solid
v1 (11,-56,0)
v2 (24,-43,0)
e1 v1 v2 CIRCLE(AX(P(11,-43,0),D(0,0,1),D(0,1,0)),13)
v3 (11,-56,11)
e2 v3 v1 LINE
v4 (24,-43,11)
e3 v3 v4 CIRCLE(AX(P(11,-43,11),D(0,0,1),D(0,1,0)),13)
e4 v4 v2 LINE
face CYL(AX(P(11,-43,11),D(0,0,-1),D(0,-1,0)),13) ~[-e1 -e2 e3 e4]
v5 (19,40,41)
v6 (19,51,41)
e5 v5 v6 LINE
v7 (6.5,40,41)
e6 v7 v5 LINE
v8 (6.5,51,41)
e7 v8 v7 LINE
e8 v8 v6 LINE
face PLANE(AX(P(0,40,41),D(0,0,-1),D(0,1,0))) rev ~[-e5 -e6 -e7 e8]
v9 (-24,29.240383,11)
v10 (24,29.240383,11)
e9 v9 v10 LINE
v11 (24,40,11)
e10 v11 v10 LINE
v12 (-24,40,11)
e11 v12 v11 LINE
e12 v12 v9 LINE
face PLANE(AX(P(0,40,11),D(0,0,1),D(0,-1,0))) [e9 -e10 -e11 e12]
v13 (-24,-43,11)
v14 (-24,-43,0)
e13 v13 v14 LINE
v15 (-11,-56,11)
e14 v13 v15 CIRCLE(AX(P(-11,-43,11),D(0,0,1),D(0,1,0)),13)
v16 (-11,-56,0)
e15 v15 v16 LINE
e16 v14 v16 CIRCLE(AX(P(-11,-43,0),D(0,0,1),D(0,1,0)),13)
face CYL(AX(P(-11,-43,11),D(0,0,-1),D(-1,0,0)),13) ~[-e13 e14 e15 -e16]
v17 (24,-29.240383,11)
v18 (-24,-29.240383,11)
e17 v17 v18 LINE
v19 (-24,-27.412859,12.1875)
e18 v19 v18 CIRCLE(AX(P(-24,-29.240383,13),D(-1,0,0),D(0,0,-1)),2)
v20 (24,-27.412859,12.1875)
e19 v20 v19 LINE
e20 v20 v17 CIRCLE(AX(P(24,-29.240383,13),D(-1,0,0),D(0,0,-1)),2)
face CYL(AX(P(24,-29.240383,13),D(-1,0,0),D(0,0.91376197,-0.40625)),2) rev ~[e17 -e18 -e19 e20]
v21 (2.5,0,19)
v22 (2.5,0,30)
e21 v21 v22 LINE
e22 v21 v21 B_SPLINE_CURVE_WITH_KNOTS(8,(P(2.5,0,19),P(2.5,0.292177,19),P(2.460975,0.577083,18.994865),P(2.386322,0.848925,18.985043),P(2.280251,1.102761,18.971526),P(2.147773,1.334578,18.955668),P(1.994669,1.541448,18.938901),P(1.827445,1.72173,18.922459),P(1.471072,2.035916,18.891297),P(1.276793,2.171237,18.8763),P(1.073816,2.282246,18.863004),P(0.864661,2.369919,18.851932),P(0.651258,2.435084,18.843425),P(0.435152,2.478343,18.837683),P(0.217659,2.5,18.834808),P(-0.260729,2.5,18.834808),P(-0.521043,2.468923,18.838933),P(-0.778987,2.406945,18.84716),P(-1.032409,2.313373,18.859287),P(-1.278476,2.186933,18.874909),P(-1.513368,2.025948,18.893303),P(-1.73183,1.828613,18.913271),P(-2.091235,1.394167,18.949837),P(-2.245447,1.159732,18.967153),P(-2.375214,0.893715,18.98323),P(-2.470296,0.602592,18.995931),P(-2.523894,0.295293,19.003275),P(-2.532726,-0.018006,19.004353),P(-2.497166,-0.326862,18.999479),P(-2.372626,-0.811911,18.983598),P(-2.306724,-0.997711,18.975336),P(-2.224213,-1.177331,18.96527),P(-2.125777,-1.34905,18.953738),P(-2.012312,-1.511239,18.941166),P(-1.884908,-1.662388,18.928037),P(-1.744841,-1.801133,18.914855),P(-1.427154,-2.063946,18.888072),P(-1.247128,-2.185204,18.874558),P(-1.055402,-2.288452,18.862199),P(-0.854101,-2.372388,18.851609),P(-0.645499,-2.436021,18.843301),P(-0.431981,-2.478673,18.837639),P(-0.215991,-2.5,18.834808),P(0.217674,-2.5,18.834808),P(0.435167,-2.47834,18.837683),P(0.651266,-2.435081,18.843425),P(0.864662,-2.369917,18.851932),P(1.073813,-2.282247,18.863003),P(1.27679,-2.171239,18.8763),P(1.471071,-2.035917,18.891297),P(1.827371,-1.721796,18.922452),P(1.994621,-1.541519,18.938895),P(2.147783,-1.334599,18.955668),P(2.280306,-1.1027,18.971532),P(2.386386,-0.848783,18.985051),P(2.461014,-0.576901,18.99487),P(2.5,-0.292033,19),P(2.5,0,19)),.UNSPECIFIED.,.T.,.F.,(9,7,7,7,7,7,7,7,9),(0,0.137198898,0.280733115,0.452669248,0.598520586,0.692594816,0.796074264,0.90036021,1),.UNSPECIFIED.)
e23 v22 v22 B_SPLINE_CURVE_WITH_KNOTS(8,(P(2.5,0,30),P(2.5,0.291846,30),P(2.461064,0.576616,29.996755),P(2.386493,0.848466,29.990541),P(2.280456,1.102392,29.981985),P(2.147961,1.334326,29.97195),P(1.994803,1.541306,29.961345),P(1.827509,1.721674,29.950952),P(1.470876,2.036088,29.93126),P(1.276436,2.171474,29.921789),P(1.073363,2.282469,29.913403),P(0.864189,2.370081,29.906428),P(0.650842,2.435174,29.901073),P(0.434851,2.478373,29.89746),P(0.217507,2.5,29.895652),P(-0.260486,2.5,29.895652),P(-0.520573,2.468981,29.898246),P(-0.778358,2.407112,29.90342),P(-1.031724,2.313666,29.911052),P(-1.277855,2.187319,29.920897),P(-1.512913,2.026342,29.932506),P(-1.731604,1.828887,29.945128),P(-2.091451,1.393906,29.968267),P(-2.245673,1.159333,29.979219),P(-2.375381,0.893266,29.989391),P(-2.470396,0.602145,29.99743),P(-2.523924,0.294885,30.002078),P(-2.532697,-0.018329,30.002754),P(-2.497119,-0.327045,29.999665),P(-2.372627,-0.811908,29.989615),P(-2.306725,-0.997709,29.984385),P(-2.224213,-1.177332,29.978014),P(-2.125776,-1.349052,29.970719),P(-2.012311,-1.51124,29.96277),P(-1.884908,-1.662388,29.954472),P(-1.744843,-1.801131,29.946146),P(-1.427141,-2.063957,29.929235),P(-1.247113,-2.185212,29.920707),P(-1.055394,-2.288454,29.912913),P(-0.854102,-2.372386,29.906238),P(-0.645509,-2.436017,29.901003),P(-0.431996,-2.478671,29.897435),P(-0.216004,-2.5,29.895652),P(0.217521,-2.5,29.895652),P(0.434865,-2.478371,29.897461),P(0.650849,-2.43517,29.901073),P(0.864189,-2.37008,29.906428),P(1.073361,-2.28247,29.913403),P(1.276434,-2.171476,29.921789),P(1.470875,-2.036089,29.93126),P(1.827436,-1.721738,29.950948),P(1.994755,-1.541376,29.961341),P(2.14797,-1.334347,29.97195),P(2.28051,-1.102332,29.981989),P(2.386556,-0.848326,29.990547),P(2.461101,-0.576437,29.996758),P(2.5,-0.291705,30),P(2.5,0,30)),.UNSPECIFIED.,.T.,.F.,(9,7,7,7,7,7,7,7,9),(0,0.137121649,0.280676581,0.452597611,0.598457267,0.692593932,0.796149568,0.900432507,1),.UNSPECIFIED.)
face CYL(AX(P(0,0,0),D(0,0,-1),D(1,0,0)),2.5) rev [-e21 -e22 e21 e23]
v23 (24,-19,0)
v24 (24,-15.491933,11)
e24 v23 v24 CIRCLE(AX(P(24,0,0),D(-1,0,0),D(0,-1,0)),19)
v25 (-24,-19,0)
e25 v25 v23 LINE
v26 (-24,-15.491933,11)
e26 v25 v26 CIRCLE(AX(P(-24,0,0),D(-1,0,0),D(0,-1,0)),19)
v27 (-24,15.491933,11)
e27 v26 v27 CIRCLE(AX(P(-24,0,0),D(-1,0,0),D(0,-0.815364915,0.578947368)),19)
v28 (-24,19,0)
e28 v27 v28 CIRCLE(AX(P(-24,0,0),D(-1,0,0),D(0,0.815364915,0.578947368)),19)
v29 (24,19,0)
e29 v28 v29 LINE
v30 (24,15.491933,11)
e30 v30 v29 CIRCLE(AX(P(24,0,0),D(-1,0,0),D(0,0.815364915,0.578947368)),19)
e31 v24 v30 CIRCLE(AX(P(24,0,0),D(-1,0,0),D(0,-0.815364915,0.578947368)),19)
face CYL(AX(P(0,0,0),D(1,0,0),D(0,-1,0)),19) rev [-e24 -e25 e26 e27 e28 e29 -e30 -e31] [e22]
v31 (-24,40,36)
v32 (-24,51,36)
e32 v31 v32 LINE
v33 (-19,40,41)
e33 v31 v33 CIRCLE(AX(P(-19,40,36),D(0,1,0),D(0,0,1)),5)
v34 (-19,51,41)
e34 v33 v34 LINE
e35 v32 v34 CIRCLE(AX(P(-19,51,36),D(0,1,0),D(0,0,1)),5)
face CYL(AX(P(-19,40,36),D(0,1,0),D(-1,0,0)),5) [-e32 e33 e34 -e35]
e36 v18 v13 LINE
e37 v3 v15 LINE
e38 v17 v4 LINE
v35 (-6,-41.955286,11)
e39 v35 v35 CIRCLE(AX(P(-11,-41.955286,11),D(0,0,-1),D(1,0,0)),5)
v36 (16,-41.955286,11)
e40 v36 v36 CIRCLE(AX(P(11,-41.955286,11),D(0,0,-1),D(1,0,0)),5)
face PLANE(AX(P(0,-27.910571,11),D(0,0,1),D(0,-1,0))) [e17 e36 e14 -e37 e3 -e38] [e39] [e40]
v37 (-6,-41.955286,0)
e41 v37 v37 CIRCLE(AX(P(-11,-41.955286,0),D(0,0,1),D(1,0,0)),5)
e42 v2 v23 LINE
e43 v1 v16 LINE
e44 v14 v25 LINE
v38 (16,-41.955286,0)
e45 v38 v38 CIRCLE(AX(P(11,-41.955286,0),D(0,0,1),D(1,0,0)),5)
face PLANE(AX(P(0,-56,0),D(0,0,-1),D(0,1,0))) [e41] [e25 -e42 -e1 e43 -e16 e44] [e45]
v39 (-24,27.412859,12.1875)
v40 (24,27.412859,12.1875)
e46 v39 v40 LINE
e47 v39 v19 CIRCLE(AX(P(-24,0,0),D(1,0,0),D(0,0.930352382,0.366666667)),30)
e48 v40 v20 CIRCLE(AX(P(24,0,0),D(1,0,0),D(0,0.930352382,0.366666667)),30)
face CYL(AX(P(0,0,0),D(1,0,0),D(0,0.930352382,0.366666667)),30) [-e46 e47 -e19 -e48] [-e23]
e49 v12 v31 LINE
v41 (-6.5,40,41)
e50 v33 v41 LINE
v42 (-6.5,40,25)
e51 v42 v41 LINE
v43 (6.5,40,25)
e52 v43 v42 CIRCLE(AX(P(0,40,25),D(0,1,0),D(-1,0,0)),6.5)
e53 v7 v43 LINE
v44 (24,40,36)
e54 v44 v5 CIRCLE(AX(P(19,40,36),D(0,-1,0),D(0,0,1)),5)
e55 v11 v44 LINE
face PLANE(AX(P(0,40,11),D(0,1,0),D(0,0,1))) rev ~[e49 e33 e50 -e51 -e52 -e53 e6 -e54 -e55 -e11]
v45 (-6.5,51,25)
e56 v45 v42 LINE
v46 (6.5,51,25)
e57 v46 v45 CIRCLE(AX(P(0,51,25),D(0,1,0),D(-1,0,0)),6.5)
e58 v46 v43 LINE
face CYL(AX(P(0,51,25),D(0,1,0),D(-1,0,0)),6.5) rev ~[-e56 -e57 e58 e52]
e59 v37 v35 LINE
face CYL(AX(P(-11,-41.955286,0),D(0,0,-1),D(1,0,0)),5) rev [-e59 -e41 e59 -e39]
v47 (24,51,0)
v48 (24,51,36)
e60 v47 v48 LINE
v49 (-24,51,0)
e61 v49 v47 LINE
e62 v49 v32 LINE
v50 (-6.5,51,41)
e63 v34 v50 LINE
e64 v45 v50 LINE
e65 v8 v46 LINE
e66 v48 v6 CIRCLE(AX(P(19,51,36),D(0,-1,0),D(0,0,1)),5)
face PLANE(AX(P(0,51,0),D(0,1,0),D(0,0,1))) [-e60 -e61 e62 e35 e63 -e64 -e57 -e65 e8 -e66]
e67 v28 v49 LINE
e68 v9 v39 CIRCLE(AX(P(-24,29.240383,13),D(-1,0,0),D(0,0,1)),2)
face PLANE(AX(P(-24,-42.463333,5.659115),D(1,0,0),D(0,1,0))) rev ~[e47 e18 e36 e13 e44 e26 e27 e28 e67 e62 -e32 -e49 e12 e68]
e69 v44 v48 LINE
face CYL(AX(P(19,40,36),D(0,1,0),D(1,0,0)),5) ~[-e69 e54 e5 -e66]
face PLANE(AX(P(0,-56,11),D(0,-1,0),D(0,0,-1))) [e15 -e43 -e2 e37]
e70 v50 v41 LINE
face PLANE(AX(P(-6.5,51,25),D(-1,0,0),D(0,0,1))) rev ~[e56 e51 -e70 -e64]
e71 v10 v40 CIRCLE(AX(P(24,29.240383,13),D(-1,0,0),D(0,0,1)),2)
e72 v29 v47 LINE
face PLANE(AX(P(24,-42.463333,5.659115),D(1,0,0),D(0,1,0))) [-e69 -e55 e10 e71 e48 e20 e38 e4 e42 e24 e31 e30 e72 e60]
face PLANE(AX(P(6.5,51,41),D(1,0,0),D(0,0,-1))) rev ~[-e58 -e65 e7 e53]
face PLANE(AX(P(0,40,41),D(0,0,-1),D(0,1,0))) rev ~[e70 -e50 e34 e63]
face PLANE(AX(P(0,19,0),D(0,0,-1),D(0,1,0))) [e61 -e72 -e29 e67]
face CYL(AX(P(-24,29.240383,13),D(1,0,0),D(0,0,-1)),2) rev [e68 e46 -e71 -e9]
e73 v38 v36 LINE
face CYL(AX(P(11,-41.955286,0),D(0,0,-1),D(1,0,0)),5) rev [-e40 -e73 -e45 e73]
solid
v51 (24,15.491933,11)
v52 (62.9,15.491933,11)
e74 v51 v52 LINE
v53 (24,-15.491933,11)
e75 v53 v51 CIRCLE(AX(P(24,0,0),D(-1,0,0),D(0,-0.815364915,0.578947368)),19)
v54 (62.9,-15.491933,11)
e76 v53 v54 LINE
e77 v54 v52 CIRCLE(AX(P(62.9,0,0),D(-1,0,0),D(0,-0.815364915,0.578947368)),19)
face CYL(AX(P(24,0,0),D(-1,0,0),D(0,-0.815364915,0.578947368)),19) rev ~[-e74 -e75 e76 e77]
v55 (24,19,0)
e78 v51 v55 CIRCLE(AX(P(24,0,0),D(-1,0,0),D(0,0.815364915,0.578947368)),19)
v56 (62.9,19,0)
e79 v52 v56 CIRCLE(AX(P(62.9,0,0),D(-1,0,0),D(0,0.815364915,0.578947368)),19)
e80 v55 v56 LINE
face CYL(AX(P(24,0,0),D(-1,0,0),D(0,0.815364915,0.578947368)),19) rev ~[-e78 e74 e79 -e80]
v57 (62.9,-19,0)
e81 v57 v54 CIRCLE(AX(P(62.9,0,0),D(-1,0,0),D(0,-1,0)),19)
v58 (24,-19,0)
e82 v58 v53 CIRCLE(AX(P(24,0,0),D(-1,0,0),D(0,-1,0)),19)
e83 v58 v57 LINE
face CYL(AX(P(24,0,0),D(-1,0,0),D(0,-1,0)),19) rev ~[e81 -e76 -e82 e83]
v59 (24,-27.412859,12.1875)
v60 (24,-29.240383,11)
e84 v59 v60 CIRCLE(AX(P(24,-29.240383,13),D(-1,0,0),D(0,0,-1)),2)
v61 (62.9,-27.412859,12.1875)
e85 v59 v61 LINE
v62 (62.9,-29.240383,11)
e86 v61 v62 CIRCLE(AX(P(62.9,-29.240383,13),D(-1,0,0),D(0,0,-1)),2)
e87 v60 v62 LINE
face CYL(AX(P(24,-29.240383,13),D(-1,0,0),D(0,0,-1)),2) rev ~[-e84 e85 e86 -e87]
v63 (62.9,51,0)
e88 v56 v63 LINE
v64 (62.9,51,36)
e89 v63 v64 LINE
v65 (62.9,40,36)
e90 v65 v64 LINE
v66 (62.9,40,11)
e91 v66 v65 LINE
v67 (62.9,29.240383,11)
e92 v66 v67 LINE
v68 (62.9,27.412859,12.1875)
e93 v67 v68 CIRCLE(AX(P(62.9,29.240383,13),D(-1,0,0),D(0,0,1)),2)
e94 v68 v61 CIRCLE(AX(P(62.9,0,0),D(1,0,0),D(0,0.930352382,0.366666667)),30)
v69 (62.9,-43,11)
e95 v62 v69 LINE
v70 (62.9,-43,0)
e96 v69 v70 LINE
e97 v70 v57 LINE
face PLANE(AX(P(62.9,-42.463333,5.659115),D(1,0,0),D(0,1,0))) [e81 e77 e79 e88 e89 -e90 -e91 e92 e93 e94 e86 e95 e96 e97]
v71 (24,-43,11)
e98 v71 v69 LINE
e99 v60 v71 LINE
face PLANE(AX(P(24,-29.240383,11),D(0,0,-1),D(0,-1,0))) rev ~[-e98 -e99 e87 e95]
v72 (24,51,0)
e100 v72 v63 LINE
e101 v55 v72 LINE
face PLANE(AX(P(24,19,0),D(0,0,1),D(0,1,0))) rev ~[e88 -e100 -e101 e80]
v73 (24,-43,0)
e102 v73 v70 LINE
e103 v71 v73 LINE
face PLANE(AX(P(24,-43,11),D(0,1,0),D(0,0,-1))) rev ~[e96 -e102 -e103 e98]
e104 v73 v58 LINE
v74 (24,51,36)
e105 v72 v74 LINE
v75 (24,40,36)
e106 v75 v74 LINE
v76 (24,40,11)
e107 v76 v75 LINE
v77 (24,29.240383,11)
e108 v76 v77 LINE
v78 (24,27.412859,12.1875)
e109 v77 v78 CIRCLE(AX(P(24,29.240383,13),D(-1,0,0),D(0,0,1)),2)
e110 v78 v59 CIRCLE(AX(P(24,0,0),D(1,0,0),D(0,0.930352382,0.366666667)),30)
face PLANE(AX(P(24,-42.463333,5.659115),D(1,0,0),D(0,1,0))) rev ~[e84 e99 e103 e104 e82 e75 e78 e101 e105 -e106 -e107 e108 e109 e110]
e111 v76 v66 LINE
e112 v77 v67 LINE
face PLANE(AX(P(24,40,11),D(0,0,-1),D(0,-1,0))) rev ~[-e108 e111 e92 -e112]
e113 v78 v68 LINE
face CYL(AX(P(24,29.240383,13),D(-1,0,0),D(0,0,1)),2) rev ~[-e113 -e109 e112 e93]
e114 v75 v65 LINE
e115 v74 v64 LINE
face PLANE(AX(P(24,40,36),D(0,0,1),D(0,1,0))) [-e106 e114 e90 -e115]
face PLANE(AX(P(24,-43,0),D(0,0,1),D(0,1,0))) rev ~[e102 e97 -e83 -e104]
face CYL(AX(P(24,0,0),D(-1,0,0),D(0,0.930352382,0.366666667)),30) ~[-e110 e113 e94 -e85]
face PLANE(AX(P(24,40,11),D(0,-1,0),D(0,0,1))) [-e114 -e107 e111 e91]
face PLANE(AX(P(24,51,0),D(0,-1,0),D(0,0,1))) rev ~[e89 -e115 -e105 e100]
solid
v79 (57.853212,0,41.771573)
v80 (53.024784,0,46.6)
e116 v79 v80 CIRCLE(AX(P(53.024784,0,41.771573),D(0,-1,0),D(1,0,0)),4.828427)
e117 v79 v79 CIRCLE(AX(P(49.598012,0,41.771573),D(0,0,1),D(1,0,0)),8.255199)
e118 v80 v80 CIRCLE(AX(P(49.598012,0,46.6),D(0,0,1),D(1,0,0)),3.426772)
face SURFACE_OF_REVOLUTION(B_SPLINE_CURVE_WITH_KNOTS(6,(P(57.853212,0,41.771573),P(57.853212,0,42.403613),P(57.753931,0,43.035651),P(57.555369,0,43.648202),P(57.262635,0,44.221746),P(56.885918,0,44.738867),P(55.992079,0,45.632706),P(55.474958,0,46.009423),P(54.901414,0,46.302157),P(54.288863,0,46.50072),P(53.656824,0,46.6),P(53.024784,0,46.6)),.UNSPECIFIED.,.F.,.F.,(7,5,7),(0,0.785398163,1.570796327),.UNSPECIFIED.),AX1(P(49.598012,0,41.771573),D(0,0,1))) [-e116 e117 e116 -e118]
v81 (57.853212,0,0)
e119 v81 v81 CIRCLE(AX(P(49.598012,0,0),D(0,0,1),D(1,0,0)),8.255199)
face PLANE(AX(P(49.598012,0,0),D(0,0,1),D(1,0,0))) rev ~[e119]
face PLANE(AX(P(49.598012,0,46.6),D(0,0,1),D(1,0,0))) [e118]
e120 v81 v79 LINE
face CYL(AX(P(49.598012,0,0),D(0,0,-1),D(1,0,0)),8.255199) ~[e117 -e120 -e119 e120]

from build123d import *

# Parameters (mm, degrees)
F0_W      = 11
F0_H      = 30
F1_DEPTH  = 24
F3_DEPTH  = 11
F4_R      = 2.5
F4_R_2    = 5
F5_DEPTH  = 41.001
F6_R      = 13
F7_R      = 5
F8_R      = 2
F9_R      = 8.2551994861
F10_DEPTH = 46.6
F11_R     = 4.8284271247
F12_DEPTH = 38.9


with BuildPart() as f1:
    # F0 (on Right) → F1 (new body, symmetric)
    with BuildSketch(Plane.YZ):
        with BuildLine():
            Line((-56, 0), (-30, 0))
            ThreePointArc((-30, 0), (-29.4730143031, 5.5983415304), (-27.9105714739, 11))
            Line((-27.9105714739, 11), (-56, 11))
            Line((-56, 11), (-56, 0))
        make_face()
        with BuildLine():
            Line((-30, 0), (-19, 0))
            ThreePointArc((-19, 0), (-18.1017503893, 5.7729223833), (-15.4919333848, 11))
            Line((-15.4919333848, 11), (-27.9105714739, 11))
            ThreePointArc((-27.9105714739, 11), (-29.4730143031, 5.5983415304), (-30, 0))
        make_face()
        with BuildLine():
            ThreePointArc((15.4919333848, 11), (18.1017503893, 5.7729223833), (19, 0))
            Line((19, 0), (30, 0))
            ThreePointArc((30, 0), (29.4730143031, 5.5983415304), (27.9105714739, 11))
            Line((27.9105714739, 11), (15.4919333848, 11))
        make_face()
        with BuildLine():
            ThreePointArc((-15.4919333848, 11), (0, 19), (15.4919333848, 11))
            Line((15.4919333848, 11), (27.9105714739, 11))
            ThreePointArc((27.9105714739, 11), (0, 30), (-27.9105714739, 11))
            Line((-27.9105714739, 11), (-15.4919333848, 11))
        make_face()
        with BuildLine():
            ThreePointArc((27.9105714739, 11), (29.4730143031, 5.5983415304), (30, 0))
            Line((30, 0), (51, 0))
            Line((51, 0), (51, 11))
            Line((51, 11), (40, 11))
            Line((40, 11), (27.9105714739, 11))
        make_face()
        with Locations((45.5, 26)):
            Rectangle(F0_W, F0_H)
    extrude(amount=F1_DEPTH, both=True)

    # F2 (on face) → F3 (cut, through all)
    with BuildSketch(Plane(origin=(0, 51, 0), x_dir=(-1, 0, 0), z_dir=(0, 1, 0))):
        with BuildLine():
            ThreePointArc((-6.5, 25), (0, 18.5), (6.5, 25))
            ThreePointArc((6.5, 25), (0, 31.5), (-6.5, 25))
        make_face()
        with BuildLine():
            ThreePointArc((-6.5, 25), (0, 31.5), (6.5, 25))
            Line((6.5, 25), (6.5, 41))
            Line((6.5, 41), (-6.5, 41))
            Line((-6.5, 41), (-6.5, 25))
        make_face()
    extrude(amount=-F3_DEPTH, mode=Mode.SUBTRACT)

    # F4 (on Top) → F5 (cut, through all)
    with BuildSketch(Plane.XY):
        Circle(F4_R)
        with Locations((-11, -41.955285737)):
            Circle(F4_R_2)
        with Locations((11, -41.955285737)):
            Circle(F4_R_2)
    extrude(amount=F5_DEPTH, mode=Mode.SUBTRACT)

    # F6
    f6_edges = [f1.edges().sort_by_distance(p)[0] for p in [
        (24, -56, 5.5),
        (-24, -56, 5.5),
    ]]
    fillet(f6_edges, radius=F6_R)

    # F7
    f7_edges = [f1.edges().sort_by_distance(p)[0] for p in [
        (24, 45.5, 41),
        (-24, 45.5, 41),
    ]]
    fillet(f7_edges, radius=F7_R)

    # F8
    f8_edges = [f1.edges().sort_by_distance(p)[0] for p in [
        (0, -27.910571, 11),
        (0, 27.910571, 11),
    ]]
    fillet(f8_edges, radius=F8_R)


with BuildPart() as f10:
    # F9 (on Top) → F10 (new body)
    with BuildSketch(Plane.XY):
        with Locations((49.5980121195, 0)):
            Circle(F9_R)
    extrude(amount=F10_DEPTH)

    # F11
    f11_edges = [f10.edges().sort_by_distance(p)[0] for p in [
        (41.342813, 0, 46.6),
    ]]
    fillet(f11_edges, radius=F11_R)


with BuildPart() as f12:
    # F12 (new): a face of the model
    f12_faces = [f1.part.faces().sort_by_distance(p)[0] for p in [
        (24, 34.6201915172, 9.9934216374),
    ]]
    extrude(f12_faces, amount=F12_DEPTH)


solid = Compound([f1.part, f10.part, f12.part])
